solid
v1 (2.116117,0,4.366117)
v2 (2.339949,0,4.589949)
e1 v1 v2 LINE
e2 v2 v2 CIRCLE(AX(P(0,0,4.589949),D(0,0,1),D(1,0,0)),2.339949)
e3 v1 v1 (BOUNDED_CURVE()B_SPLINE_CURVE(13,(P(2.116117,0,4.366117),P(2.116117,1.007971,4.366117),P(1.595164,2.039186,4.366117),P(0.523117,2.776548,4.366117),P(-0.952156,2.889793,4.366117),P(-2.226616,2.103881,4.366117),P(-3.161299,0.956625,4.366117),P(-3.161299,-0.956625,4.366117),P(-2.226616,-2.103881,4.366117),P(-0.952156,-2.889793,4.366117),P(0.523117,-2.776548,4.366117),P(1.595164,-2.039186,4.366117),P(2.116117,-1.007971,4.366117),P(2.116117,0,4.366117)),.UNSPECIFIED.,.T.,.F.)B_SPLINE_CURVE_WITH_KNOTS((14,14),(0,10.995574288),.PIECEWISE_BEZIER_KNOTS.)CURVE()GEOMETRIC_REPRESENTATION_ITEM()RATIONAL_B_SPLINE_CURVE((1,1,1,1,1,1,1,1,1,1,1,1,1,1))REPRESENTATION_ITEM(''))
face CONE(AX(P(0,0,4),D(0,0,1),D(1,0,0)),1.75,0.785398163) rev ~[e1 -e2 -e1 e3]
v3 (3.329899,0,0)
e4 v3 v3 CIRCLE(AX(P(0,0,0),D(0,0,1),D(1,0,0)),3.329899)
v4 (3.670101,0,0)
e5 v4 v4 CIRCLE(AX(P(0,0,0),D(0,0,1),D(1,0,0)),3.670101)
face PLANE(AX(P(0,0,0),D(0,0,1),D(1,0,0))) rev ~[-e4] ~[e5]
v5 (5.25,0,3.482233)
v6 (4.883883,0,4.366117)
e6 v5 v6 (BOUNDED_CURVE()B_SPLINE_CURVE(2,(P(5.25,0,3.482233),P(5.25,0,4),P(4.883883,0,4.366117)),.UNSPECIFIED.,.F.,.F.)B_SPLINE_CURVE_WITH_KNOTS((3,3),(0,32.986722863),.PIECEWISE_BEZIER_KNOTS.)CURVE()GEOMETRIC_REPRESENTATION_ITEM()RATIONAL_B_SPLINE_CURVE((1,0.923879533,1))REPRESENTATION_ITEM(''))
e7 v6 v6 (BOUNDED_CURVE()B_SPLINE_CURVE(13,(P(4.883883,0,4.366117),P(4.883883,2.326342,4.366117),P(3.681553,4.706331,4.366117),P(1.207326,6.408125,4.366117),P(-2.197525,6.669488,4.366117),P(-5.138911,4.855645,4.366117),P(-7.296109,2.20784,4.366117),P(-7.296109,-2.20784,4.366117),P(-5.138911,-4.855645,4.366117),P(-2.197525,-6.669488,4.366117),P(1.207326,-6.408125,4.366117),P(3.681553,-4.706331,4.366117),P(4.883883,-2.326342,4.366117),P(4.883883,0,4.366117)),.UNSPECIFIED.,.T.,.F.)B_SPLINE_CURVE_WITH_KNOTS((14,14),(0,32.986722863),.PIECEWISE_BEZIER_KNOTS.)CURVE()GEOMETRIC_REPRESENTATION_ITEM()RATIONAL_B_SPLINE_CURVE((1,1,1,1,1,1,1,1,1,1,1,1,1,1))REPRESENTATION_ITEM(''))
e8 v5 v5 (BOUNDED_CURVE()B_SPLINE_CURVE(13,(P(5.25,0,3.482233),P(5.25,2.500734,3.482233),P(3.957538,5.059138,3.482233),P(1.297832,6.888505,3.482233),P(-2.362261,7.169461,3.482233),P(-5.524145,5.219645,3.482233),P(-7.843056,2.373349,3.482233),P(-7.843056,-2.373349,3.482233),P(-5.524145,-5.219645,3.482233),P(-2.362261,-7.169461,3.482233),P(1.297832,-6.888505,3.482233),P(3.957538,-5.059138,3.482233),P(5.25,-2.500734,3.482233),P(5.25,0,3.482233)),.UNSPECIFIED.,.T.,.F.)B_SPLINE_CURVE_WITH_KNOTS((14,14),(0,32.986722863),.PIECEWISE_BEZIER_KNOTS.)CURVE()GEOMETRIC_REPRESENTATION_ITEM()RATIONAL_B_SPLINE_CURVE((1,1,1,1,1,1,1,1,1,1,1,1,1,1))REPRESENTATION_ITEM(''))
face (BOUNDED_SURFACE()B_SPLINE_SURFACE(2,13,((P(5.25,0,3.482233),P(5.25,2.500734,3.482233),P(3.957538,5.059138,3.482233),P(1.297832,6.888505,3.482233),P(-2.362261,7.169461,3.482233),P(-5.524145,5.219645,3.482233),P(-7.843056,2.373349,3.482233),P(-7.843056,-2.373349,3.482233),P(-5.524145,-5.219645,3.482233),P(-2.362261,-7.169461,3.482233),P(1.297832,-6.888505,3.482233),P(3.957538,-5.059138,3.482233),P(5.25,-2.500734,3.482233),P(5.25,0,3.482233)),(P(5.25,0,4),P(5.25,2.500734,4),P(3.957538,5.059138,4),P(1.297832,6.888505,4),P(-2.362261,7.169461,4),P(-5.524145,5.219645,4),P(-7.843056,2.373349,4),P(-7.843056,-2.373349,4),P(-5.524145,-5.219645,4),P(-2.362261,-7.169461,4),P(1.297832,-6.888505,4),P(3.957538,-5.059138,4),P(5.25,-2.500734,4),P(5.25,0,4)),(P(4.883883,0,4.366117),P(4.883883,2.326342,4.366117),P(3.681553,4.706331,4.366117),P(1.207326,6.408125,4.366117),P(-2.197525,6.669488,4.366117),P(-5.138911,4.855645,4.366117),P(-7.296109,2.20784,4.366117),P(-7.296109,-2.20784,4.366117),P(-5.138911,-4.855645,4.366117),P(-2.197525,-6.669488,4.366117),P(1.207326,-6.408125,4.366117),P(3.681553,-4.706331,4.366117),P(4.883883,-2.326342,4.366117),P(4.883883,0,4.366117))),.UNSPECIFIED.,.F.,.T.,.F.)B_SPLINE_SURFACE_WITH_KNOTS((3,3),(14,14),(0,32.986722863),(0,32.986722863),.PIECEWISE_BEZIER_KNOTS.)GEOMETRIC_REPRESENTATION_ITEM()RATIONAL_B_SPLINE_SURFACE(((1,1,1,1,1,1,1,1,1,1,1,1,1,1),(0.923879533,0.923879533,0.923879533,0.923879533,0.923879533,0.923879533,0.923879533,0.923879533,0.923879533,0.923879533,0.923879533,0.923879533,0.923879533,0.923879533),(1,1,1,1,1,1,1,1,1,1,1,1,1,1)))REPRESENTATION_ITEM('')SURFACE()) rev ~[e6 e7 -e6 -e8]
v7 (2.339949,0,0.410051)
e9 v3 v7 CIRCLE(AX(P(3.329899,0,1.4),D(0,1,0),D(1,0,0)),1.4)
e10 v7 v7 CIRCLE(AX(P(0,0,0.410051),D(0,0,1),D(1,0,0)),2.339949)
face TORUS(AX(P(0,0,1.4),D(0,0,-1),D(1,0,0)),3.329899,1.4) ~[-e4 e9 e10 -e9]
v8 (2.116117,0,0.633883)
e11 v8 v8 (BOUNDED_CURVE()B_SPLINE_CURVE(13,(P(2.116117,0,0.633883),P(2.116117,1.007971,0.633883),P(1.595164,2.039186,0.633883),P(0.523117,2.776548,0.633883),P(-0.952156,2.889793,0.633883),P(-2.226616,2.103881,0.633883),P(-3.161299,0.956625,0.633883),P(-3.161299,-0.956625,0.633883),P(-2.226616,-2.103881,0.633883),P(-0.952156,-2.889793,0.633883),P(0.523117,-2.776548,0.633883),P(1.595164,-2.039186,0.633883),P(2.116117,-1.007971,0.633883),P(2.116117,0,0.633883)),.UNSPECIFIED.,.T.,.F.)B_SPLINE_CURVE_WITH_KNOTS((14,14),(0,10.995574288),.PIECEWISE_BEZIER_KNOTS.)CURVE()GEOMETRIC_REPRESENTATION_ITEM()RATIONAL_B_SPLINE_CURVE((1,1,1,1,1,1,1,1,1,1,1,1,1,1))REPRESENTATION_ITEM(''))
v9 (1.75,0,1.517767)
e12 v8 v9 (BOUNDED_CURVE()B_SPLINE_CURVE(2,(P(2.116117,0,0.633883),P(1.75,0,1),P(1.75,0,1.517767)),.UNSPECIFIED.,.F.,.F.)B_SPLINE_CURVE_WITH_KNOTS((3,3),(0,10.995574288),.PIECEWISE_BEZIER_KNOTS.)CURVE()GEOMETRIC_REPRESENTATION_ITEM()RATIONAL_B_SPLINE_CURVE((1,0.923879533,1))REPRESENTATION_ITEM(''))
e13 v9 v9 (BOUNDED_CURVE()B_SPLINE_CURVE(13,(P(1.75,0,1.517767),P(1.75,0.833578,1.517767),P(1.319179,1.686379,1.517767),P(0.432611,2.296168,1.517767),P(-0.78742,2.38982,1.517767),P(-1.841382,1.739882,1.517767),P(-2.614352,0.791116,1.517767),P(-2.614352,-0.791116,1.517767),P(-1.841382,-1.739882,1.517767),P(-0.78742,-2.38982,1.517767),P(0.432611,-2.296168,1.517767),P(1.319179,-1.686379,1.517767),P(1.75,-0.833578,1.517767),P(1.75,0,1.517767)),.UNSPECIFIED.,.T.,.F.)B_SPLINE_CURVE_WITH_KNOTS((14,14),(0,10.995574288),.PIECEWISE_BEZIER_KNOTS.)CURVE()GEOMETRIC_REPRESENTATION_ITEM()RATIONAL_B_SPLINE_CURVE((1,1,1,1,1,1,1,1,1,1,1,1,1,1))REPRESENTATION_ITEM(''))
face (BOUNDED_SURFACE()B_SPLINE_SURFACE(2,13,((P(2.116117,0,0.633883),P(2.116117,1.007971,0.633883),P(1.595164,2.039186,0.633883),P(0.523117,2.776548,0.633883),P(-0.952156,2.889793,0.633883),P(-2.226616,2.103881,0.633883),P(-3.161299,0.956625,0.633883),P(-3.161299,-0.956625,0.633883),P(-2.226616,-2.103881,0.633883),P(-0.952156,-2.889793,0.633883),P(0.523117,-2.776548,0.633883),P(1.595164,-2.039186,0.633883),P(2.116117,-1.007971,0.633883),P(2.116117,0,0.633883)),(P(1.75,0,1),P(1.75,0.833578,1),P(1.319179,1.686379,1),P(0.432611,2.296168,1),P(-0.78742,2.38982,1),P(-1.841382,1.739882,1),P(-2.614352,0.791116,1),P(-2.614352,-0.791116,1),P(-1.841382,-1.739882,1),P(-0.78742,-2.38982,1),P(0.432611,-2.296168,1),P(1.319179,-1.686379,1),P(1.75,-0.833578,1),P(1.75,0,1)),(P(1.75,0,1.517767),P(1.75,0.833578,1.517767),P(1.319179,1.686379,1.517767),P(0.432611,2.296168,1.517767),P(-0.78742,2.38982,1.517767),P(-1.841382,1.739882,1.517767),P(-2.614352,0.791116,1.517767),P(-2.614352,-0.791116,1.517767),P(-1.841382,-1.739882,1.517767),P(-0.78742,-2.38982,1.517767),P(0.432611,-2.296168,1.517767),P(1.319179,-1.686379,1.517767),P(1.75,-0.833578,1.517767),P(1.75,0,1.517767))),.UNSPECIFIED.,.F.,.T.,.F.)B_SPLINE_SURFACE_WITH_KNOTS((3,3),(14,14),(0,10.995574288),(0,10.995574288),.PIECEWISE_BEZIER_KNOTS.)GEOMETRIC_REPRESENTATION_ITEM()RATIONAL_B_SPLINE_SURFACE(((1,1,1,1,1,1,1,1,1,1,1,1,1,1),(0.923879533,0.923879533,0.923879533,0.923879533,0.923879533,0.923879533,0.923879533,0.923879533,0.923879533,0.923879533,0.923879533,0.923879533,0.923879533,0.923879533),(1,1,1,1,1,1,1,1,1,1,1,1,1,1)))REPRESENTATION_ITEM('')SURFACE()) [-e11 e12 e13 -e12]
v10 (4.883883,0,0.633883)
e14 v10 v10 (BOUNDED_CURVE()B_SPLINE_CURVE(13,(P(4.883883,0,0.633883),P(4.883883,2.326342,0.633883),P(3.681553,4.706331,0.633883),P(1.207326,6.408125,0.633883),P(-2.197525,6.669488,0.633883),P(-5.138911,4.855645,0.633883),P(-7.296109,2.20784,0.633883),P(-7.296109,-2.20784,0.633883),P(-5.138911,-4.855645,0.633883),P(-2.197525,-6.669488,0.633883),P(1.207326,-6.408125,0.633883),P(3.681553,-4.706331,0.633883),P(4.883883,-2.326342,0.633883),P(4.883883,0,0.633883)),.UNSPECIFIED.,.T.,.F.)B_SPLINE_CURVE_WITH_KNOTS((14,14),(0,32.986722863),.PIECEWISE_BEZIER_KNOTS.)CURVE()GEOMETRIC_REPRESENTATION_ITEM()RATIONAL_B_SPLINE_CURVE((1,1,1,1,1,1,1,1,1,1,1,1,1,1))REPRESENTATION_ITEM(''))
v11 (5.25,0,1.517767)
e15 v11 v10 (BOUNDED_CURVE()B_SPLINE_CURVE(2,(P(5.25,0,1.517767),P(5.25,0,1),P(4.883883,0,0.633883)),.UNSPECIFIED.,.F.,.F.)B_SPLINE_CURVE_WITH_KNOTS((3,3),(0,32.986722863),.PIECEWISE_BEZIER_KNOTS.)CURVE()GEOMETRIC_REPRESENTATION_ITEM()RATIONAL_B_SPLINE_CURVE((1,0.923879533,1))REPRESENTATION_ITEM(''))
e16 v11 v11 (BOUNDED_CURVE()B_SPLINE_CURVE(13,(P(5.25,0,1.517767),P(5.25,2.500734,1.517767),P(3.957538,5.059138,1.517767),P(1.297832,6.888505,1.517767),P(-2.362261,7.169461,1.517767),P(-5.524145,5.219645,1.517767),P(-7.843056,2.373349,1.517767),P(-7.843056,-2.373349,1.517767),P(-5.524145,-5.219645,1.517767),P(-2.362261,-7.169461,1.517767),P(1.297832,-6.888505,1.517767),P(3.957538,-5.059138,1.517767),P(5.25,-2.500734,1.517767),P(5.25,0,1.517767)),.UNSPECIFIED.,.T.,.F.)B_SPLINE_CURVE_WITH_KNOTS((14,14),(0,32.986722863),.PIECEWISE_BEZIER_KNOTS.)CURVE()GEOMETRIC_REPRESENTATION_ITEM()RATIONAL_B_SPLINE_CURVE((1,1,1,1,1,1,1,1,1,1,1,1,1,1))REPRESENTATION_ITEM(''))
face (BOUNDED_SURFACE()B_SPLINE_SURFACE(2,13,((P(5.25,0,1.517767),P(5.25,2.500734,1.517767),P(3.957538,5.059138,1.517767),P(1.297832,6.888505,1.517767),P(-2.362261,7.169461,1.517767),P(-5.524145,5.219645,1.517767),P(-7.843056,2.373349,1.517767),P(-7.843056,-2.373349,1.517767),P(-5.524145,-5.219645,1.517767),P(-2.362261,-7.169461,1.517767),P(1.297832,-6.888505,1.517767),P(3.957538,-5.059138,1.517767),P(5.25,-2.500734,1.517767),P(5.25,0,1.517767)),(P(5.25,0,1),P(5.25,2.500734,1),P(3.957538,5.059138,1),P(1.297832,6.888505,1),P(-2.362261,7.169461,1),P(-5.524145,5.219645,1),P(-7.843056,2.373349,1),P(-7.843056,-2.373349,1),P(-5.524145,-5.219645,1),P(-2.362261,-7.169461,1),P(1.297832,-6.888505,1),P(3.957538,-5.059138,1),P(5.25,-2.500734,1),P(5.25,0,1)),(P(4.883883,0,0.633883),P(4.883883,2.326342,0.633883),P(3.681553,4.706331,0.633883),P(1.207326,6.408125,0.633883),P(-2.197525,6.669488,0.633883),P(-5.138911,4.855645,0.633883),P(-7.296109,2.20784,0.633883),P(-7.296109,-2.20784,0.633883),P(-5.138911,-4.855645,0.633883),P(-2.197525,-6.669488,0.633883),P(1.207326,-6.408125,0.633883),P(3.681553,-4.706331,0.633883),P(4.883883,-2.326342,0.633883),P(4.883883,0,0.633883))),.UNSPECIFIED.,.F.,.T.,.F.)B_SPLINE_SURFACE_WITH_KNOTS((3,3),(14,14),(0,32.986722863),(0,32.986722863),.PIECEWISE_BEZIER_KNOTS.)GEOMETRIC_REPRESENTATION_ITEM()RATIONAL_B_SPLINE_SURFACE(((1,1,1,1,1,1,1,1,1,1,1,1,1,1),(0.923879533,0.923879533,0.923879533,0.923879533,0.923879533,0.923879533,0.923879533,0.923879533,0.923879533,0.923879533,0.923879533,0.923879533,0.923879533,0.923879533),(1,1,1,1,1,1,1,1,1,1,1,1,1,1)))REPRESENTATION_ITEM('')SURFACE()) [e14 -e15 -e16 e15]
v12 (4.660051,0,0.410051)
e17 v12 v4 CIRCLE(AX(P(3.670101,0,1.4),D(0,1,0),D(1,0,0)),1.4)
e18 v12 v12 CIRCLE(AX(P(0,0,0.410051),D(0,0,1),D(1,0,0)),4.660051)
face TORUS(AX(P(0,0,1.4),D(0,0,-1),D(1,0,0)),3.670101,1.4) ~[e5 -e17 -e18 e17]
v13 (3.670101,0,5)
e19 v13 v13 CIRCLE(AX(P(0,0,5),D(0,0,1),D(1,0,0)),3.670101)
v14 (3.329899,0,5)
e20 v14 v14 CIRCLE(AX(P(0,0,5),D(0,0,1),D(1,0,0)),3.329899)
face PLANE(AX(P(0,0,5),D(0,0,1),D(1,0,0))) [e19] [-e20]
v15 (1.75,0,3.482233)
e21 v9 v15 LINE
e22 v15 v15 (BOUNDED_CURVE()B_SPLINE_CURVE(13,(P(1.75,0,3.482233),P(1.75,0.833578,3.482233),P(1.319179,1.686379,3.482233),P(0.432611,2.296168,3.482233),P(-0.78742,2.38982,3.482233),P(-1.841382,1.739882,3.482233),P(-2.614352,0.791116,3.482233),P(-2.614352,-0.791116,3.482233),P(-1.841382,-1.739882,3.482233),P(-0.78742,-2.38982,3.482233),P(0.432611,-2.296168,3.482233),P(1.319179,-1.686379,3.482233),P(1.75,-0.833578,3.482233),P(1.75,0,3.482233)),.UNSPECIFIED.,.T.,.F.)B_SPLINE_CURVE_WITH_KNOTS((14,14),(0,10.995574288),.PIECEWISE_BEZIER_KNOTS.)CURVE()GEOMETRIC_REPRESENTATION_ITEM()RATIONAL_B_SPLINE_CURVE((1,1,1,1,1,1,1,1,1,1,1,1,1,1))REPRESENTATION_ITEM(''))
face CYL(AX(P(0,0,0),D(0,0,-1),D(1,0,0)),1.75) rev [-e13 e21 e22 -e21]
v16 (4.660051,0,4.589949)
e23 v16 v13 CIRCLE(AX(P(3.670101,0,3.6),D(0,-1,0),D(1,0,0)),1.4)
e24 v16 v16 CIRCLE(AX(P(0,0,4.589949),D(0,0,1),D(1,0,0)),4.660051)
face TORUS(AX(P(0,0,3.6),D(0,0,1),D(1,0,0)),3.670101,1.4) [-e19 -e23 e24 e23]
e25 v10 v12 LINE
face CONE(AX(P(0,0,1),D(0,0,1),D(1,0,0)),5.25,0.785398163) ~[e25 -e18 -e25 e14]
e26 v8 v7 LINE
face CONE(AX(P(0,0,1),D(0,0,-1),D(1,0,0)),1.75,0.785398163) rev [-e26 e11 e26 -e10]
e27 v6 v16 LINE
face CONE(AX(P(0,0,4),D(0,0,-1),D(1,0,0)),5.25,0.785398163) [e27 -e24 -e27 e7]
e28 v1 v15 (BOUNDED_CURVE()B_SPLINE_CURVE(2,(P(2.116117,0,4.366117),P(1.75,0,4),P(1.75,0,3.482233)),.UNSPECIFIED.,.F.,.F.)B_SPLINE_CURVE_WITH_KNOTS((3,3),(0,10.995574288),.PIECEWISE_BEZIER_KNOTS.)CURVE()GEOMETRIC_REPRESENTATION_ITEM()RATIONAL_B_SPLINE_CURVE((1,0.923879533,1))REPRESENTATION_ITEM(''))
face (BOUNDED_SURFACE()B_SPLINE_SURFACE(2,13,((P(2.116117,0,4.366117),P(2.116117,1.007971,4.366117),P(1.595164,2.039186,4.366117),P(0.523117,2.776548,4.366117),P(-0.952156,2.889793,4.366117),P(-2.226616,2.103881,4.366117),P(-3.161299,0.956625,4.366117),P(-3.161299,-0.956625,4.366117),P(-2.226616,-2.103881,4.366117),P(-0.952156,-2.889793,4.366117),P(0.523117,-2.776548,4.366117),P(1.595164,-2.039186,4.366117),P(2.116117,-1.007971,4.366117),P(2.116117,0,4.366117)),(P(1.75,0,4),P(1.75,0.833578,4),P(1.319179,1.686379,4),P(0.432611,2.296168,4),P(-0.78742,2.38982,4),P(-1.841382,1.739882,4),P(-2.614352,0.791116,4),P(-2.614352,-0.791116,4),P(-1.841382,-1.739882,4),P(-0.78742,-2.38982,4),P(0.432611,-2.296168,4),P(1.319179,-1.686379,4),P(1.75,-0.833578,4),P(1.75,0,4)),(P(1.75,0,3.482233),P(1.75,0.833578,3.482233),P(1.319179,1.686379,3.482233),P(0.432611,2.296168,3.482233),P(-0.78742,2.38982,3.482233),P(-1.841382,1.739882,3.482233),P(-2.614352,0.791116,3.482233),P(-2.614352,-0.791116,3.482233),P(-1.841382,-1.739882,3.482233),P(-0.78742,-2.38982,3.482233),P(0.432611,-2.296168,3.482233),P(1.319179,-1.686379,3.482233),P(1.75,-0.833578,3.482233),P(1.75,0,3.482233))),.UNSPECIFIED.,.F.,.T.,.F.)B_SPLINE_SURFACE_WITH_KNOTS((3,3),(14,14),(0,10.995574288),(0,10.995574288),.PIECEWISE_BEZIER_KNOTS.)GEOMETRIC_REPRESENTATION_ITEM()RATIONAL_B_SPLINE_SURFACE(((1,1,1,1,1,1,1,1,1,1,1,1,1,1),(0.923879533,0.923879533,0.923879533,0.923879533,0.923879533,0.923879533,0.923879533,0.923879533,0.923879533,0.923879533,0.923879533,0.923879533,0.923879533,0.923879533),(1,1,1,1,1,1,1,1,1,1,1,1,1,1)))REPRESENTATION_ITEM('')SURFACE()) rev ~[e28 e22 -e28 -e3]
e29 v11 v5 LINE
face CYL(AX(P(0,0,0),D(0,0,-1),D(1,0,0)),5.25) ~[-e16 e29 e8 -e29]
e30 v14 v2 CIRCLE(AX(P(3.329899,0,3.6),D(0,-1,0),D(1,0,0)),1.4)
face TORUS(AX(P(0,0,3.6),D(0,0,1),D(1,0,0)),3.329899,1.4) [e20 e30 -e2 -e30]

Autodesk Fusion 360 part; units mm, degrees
sketch "Sketch1" plane through (0, 0, 0) normal (0, 0, 1) x (1, 0, 0)
  circle A0 centre (0, 0) radius 1.75
  circle A1 centre (0, 0) radius 5.25
  dimension "d1" = 3.5
  dimension "d2" = 3.5
extrude "Extrude1" add sketch "Sketch1" along normal blind 5
chamfer "Chamfer1" distance 1 angle 45 4 edges at (-1.6316, 0.6328, 5) (-4.8947, -1.8985, 5) (-4.8947, -1.8985, 0) (-1.6316, 0.6328, 0)
fillet "Fillet1" radius 1.25 4 edges at (-4.8947, -1.8985, 4) (-4.8947, 1.8985, 1) (-1.6316, 0.6328, 4) (-1.6316, -0.6328, 1)
fillet "Fillet2" radius 1.4 4 edges at (-3.9624, -1.5369, 0) (-2.5639, 0.9944, 0) (-2.5639, -0.9944, 5) (-3.9624, 1.5369, 5)
